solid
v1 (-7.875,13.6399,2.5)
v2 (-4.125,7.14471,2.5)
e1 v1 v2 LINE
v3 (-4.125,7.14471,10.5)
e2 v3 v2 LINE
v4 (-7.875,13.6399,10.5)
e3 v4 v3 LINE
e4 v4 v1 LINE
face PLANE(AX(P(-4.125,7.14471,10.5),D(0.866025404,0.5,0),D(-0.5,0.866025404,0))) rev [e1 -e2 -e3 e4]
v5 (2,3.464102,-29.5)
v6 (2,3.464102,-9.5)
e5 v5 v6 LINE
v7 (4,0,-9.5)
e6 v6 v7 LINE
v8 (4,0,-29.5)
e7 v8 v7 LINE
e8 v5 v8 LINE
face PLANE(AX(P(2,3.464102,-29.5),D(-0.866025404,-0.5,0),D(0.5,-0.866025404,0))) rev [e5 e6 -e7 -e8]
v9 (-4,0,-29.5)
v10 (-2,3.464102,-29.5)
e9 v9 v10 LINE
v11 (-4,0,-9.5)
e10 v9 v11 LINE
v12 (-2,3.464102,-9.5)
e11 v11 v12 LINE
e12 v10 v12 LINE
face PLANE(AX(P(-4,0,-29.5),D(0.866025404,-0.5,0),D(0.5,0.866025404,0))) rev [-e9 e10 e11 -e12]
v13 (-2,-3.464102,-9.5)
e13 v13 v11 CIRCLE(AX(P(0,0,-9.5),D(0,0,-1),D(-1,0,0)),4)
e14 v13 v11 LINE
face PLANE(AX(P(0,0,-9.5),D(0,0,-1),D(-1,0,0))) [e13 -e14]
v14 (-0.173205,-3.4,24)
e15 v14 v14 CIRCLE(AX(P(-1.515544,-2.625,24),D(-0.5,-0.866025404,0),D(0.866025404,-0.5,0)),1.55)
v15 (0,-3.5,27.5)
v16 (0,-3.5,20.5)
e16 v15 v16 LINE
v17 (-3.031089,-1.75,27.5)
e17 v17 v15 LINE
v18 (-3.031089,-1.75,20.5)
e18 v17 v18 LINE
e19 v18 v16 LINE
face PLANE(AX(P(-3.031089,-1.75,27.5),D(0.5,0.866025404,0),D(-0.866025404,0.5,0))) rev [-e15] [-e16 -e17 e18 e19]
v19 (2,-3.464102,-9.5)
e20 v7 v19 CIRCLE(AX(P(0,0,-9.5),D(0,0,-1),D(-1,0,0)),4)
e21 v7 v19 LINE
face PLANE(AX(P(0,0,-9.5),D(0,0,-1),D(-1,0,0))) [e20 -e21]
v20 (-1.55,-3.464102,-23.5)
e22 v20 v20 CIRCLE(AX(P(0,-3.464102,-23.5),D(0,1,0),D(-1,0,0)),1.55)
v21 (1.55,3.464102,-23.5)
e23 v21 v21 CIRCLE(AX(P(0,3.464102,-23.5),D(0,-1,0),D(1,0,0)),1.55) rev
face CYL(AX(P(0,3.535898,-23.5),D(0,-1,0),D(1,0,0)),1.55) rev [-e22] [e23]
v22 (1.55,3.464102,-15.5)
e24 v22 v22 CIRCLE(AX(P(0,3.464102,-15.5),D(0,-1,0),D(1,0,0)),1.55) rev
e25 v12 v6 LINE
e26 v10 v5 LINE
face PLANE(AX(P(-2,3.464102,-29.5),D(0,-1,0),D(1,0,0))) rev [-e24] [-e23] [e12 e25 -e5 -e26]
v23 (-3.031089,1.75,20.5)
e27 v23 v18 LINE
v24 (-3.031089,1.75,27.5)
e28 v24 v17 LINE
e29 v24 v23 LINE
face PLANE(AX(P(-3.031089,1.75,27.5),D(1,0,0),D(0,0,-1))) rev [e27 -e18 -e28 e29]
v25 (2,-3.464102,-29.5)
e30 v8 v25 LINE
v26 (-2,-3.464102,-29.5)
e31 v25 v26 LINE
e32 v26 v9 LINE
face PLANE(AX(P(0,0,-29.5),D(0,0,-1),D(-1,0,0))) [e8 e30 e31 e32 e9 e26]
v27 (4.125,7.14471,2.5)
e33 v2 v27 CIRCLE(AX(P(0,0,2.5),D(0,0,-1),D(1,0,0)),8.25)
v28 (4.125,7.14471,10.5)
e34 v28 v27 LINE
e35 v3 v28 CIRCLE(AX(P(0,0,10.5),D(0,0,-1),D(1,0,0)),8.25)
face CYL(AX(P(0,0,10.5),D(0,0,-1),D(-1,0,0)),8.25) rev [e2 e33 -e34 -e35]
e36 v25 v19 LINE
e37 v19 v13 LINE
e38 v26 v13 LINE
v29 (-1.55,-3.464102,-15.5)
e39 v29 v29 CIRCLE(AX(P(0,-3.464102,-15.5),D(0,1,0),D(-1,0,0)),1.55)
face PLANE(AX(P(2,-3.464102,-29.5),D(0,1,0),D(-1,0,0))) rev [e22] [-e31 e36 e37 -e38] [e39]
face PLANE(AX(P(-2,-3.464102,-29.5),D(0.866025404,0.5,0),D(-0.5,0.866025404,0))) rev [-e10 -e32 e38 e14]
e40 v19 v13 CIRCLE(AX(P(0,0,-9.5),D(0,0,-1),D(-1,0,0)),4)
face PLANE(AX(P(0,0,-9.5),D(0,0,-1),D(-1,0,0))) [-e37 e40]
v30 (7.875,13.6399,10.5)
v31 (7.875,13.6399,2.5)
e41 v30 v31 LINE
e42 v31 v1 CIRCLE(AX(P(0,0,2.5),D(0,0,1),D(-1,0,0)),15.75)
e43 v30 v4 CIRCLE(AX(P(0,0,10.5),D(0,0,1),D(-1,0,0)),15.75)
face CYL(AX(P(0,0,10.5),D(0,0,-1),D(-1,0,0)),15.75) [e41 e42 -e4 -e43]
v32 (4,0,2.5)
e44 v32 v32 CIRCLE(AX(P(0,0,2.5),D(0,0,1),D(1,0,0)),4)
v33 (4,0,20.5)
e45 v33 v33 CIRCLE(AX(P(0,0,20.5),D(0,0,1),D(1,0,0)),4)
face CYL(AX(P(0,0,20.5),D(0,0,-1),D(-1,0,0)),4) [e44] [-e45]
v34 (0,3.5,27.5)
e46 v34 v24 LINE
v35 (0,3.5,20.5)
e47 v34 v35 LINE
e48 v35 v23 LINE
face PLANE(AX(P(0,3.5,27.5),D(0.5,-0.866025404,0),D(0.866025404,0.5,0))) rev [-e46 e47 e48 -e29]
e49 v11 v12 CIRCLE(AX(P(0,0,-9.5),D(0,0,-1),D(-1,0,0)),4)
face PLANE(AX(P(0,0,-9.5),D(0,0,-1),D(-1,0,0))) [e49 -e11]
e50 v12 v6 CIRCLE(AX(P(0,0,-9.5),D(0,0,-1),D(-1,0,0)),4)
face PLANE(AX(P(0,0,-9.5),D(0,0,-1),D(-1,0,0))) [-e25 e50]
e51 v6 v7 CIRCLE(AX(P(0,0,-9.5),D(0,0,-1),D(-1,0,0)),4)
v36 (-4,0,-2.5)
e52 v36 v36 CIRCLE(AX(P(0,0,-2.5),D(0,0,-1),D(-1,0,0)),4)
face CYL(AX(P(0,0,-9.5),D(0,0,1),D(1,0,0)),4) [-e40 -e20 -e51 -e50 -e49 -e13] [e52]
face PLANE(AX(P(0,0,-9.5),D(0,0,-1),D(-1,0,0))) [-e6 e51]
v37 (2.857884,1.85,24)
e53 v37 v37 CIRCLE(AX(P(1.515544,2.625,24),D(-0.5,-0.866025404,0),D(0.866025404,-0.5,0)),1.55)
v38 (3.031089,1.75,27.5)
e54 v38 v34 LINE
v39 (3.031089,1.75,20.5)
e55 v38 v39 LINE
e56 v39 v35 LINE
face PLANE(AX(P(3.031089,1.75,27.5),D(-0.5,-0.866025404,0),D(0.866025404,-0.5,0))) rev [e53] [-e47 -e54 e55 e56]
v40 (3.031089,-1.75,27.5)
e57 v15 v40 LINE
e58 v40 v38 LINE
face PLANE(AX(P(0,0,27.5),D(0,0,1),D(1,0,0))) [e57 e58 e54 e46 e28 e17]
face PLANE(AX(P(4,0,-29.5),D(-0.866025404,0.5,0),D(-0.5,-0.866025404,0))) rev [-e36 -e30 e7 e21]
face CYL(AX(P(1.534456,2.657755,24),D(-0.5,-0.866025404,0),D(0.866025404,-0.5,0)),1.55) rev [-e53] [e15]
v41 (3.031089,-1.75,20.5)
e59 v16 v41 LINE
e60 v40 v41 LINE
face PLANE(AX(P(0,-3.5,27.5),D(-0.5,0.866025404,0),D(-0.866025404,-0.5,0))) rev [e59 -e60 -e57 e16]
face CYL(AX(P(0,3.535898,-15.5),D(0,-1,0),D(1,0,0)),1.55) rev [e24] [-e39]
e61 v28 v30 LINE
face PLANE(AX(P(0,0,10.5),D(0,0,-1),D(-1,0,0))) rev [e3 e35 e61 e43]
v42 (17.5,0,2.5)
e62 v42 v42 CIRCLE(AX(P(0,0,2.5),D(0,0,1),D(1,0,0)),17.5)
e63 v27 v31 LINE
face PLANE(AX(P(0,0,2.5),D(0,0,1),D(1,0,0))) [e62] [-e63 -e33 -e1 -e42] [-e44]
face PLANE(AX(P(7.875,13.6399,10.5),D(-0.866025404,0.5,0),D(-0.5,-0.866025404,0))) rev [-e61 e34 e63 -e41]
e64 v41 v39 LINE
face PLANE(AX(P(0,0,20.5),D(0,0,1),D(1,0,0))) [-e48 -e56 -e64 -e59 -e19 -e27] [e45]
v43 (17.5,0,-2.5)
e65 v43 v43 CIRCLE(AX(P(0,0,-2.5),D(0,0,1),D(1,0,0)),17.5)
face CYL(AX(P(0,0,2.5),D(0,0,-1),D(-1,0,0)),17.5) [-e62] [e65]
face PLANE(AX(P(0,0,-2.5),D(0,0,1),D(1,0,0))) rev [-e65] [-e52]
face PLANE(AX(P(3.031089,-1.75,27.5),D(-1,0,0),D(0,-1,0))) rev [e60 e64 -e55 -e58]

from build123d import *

# Parameters (mm, degrees)
SKETCH1_R           = 17.5
BOSS_EXTRUDE1_DEPTH = 2.5
BOSS_EXTRUDE2_DEPTH = 8
SKETCH3_R           = 4
BOSS_EXTRUDE3_DEPTH = 18
BOSS_EXTRUDE4_START = 7
SKETCH7_R           = 4
BOSS_EXTRUDE4_DEPTH = 7
BOSS_EXTRUDE5_DEPTH = 20
SKETCH10_R          = 1.55
CUT_EXTRUDE1_DEPTH  = 7
BOSS_EXTRUDE6_DEPTH = 7
SKETCH12_R          = 1.55
CUT_EXTRUDE2_DEPTH  = 6.1


with BuildPart() as part:
    # Sketch1 → Boss-Extrude1 (new, symmetric)
    with BuildSketch(Plane.XY):
        Circle(SKETCH1_R)
    extrude(amount=BOSS_EXTRUDE1_DEPTH, both=True)

    # Sketch2 → Boss-Extrude2 (add)
    with BuildSketch(Plane.XY.offset(2.5)):
        with BuildLine():
            Line((7.875, 13.63990011), (4.125, 7.144709581))
            ThreePointArc((4.125, 7.144709581), (0, 8.25), (-4.125, 7.144709581))
            Line((-4.125, 7.144709581), (-7.875, 13.63990011))
            ThreePointArc((-7.875, 13.63990011), (0, 15.75), (7.875, 13.63990011))
        make_face()
    extrude(amount=BOSS_EXTRUDE2_DEPTH)

    # Sketch3 → Boss-Extrude3 (add)
    with BuildSketch(Plane.XY.offset(2.5)):
        Circle(SKETCH3_R)
    extrude(amount=BOSS_EXTRUDE3_DEPTH)

    # Sketch7 → Boss-Extrude4 (add)
    with BuildSketch(Plane(origin=(0, 0, -2.5), x_dir=(-1, 0, 0), z_dir=(0, 0, -1)).offset(BOSS_EXTRUDE4_START)):
        with Locations(Location((0, 0, 0), (0, 0, 180))):
            Circle(SKETCH7_R)
    extrude(amount=-BOSS_EXTRUDE4_DEPTH)

    # Sketch9 → Boss-Extrude5 (add)
    with BuildSketch(Plane(origin=(0, 0, -9.5), x_dir=(-1, 0, 0), z_dir=(0, 0, -1))):
        Polygon((4, 0), (2, 3.464101615), (-2, 3.464101615), (-4, 0), (-2, -3.464101615), (2, -3.464101615), align=None)
    extrude(amount=BOSS_EXTRUDE5_DEPTH)

    # Sketch10 → Cut-Extrude1 (cut)
    with BuildSketch(Plane(origin=(0, -3.464101615, 0), x_dir=(-1, 0, 0), z_dir=(0, 1, 0))):
        with Locations(Location((0, -23.5, 0), (0, 0, 180))):
            Circle(SKETCH10_R)
        with Locations(Location((0, -15.5, 0), (0, 0, 180))):
            Circle(SKETCH10_R)
    extrude(amount=CUT_EXTRUDE1_DEPTH, mode=Mode.SUBTRACT)

    # Sketch11 → Boss-Extrude6 (add)
    with BuildSketch(Plane.XY.offset(20.5)):
        Polygon((3.031088913, 1.75), (0, 3.5), (-3.031088913, 1.75), (-3.031088913, -1.75), (0, -3.5), (3.031088913, -1.75), align=None)
    extrude(amount=BOSS_EXTRUDE6_DEPTH)

    # Sketch12 → Cut-Extrude2 (cut)
    with BuildSketch(Plane(origin=(-1.515544457, -2.625, 0), x_dir=(0.8660254037844372, -0.5000000000000026, 0), z_dir=(-0.5000000000000026, -0.8660254037844372, 0))):
        with Locations((0, 24)):
            Circle(SKETCH12_R)
    extrude(amount=-CUT_EXTRUDE2_DEPTH, mode=Mode.SUBTRACT)


solid = part.part
